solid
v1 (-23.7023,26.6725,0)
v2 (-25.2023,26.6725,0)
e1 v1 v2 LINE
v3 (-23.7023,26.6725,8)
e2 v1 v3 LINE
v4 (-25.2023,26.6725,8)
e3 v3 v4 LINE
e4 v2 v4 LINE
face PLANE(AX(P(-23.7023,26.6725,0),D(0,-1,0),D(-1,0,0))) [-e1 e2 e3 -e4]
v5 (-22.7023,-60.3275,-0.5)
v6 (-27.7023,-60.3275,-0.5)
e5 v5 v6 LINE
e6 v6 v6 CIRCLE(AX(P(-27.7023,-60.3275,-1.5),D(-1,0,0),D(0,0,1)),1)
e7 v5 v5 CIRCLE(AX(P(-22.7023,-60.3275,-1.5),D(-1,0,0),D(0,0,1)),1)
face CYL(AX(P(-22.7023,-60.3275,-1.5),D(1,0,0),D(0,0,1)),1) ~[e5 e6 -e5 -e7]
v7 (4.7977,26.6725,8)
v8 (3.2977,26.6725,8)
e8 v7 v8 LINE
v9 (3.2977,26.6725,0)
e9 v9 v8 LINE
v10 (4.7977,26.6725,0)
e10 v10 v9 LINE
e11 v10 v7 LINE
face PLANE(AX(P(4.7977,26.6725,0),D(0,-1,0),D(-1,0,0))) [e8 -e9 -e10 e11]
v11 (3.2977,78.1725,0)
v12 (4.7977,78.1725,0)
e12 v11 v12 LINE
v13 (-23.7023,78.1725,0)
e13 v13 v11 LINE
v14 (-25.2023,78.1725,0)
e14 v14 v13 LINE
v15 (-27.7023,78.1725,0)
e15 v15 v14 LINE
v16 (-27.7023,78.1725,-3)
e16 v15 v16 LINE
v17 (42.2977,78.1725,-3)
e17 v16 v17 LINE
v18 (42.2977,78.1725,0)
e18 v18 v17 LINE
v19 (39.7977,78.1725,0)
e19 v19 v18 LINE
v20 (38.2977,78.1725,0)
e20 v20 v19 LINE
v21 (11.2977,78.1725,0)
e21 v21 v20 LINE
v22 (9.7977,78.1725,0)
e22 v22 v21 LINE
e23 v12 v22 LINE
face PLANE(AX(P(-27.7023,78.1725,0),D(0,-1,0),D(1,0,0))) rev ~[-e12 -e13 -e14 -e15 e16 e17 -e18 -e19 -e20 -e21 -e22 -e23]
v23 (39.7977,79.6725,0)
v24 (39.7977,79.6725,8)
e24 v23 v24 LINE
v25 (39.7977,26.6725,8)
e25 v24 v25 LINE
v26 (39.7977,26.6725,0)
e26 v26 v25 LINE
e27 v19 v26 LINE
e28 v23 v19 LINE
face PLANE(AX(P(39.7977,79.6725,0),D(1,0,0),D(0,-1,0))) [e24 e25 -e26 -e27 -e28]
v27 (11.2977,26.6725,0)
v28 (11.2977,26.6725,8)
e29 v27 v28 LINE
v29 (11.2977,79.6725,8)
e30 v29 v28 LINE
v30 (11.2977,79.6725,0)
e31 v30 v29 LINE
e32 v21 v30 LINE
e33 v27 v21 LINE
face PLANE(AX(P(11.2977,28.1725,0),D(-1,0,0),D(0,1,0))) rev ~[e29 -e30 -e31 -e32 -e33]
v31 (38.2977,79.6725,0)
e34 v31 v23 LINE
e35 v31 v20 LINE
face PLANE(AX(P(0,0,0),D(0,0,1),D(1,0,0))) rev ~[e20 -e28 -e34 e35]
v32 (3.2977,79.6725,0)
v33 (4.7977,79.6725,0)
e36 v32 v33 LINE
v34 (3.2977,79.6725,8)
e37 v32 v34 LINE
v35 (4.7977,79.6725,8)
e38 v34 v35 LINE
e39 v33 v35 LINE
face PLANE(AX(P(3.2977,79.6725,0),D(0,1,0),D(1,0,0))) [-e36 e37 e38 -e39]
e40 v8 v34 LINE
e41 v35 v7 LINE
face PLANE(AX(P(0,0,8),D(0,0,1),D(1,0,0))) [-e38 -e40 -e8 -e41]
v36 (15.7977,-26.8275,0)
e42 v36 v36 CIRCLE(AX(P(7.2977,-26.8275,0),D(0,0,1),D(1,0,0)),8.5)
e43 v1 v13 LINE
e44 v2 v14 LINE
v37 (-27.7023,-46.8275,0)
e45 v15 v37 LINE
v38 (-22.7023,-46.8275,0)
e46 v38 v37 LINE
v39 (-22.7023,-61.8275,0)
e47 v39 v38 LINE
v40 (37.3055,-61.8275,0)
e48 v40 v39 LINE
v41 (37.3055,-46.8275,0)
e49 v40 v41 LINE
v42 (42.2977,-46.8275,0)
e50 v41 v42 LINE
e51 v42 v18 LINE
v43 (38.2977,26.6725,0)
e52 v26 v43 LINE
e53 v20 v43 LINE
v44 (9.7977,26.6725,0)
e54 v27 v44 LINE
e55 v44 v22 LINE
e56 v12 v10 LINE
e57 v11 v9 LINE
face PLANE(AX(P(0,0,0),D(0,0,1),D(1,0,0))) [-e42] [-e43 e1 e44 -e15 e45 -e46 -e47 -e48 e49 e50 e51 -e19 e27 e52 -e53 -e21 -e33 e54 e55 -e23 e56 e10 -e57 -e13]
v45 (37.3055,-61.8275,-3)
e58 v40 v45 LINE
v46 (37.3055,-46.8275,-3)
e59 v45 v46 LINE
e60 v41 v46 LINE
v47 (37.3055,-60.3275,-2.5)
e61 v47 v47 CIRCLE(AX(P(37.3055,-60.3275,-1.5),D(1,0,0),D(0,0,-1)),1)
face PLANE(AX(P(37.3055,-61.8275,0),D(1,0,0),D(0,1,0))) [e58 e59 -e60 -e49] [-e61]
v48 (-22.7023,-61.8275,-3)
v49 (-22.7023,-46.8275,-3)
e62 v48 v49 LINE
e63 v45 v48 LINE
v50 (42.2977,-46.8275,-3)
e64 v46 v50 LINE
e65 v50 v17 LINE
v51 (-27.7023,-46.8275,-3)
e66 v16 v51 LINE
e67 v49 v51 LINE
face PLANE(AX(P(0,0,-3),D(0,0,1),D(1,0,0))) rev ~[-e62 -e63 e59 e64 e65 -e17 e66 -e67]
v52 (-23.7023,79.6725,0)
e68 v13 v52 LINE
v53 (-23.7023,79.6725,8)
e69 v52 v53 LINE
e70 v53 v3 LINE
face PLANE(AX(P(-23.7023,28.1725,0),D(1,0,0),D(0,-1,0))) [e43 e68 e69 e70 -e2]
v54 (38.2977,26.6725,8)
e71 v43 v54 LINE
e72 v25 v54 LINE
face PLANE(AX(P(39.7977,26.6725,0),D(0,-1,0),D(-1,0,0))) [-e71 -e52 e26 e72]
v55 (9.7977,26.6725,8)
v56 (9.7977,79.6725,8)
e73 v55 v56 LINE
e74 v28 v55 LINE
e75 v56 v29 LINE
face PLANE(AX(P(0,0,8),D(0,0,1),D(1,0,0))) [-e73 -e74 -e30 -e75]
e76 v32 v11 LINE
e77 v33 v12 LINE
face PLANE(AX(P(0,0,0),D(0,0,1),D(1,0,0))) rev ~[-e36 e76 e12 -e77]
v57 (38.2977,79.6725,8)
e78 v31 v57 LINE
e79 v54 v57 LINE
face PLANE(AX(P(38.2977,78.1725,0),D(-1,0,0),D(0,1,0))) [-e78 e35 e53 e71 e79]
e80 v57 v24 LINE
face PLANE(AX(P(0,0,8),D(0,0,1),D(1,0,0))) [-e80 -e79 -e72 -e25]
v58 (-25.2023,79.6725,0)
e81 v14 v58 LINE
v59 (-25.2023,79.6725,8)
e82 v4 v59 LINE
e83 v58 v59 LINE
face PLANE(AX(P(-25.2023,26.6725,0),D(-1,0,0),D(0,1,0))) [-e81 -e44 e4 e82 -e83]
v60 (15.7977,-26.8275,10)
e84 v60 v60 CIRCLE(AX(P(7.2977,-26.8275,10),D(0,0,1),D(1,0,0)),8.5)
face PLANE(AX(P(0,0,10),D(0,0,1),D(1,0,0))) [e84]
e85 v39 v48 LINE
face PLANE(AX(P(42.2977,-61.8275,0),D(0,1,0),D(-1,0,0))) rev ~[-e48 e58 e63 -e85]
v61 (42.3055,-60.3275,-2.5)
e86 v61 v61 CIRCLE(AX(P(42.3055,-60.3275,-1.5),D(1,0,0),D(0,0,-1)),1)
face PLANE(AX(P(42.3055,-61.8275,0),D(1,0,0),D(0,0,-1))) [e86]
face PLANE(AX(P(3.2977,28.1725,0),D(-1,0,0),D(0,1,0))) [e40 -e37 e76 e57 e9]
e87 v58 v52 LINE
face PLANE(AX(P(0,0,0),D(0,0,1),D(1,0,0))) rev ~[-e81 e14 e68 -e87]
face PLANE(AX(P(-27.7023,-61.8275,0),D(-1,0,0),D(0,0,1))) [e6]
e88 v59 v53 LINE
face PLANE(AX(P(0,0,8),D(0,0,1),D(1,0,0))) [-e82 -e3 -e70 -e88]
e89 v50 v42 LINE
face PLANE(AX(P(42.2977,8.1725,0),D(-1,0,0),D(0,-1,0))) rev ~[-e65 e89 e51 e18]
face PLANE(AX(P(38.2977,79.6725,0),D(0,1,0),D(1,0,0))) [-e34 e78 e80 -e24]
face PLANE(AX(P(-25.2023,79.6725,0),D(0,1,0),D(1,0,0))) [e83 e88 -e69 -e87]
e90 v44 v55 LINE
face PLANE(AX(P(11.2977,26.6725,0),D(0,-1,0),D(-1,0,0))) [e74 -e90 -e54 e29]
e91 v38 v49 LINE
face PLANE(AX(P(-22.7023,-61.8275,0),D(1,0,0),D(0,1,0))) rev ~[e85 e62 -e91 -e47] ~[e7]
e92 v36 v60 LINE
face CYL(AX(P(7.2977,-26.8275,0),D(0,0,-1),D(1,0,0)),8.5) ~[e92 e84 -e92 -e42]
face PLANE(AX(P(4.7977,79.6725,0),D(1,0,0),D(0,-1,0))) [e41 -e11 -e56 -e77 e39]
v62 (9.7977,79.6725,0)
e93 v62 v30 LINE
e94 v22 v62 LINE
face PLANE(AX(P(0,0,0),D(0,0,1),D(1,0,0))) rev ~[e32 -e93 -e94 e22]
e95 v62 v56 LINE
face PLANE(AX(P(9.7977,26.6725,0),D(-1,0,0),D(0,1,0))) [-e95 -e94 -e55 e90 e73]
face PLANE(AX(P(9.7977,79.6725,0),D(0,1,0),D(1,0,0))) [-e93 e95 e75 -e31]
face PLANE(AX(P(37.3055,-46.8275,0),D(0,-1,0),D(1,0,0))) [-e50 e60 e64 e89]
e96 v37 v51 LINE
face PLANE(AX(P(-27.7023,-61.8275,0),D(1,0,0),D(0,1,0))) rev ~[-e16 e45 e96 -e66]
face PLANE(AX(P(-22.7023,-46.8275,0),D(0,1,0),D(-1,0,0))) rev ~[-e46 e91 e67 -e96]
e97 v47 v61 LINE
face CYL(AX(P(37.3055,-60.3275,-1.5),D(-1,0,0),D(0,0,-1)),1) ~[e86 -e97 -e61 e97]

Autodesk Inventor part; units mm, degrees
ref_plane "YZ Plane" through (0, 0, 0) normal (1, 0, 0) x (0, 1, 0)
ref_plane "XZ Plane" through (0, 0, 0) normal (0, 1, 0) x (-1, 0, 0)
ref_plane "XY Plane" through (0, 0, 0) normal (0, 0, 1) x (1, 0, 0)
sketch "Sketch1" plane through (0, 0, 0) normal (0, 0, 1) x (1, 0, 0)
  arc A0 (-17.7023, -49.8275) -> (-15.7023, -51.8275) centre (-15.7023, -49.8275) ccw projected
  line L0 (-15.7023, -51.8275) -> (30.2977, -51.8275) projected
  arc A1 (30.2977, -51.8275) -> (32.2977, -49.8275) centre (30.2977, -49.8275) ccw projected
  line L1 (32.2977, -49.8275) -> (32.2977, -3.8275) projected
  arc A2 (32.2977, -3.8275) -> (30.2977, -1.8275) centre (30.2977, -3.8275) ccw projected
  line L2 (30.2977, -1.8275) -> (-15.7023, -1.8275) projected
  arc A3 (-15.7023, -1.8275) -> (-17.7023, -3.8275) centre (-15.7023, -3.8275) ccw projected
  line L3 (-17.7023, -3.8275) -> (-17.7023, -49.8275) projected
  circle A4 centre (-15.7023, -3.8275) radius 1.5 projected
  circle A5 centre (-10.7525, -8.7773) radius 1.5 projected
  circle A6 centre (-10.7525, -44.8778) radius 1.5 projected
  circle A7 centre (-15.7023, -49.8275) radius 1.5 projected
  circle A8 centre (25.348, -44.8778) radius 1.5 projected
  circle A9 centre (30.2977, -49.8275) radius 1.5 projected
  circle A10 centre (25.348, -8.7773) radius 1.5 projected
  circle A11 centre (30.2977, -3.8275) radius 1.5 projected
  circle A12 centre (7.2977, -26.8275) radius 8.5 projected
  line L4 (-27.7023, 8.1725) -> (42.2977, 8.1725)
  line L5 (42.2977, 8.1725) -> (42.2977, -61.8275)
  line L6 (42.2977, -61.8275) -> (-27.7023, -61.8275)
  line L7 (-27.7023, -61.8275) -> (-27.7023, 8.1725)
  line L8 (-27.7023, 8.1725) -> (42.2977, -61.8275) construction
  line L9 (42.2977, 8.1725) -> (-27.7023, -61.8275) construction
  line L10 (42.2977, 8.1725) -> (-27.7023, 8.1725)
  line L11 (-27.7023, 8.1725) -> (-27.7023, 78.1725)
  line L12 (-27.7023, 78.1725) -> (42.2977, 78.1725)
  line L13 (42.2977, 78.1725) -> (42.2977, 8.1725)
  line L14 (11.2977, 68.1725) -> (38.2977, 68.1725)
  line L15 (38.2977, 68.1725) -> (38.2977, 18.1725)
  line L16 (38.2977, 18.1725) -> (11.2977, 18.1725)
  line L17 (11.2977, 18.1725) -> (11.2977, 68.1725)
  line L18 (11.2977, 68.1725) -> (38.2977, 18.1725) construction
  line L19 (38.2977, 68.1725) -> (11.2977, 18.1725) construction
  line L20 (-23.7023, 18.1725) -> (3.2977, 18.1725)
  line L21 (3.2977, 18.1725) -> (3.2977, 68.1725)
  line L22 (3.2977, 68.1725) -> (-23.7023, 68.1725)
  line L23 (-23.7023, 68.1725) -> (-23.7023, 18.1725)
  line L24 (-23.7023, 18.1725) -> (3.2977, 68.1725) construction
  line L25 (3.2977, 18.1725) -> (-23.7023, 68.1725) construction
  line L26 (4.7977, 69.6725) -> (4.7977, 16.6725)
  line L27 (-25.2023, 16.6725) -> (-25.2023, 69.6725)
  line L28 (-25.2023, 69.6725) -> (4.7977, 16.6725) construction
  line L29 (4.7977, 69.6725) -> (-25.2023, 16.6725) construction
  line L30 (39.7977, 69.6725) -> (39.7977, 16.6725)
  line L31 (9.7977, 16.6725) -> (9.7977, 69.6725)
  line L32 (9.7977, 69.6725) -> (39.7977, 16.6725) construction
  line L33 (39.7977, 69.6725) -> (9.7977, 16.6725) construction
  line L34 (38.2977, 68.1725) -> (38.2977, 69.6725)
  line L35 (11.2977, 68.1725) -> (11.2977, 69.6725)
  line L36 (11.2977, 18.1725) -> (11.2977, 16.6725)
  line L37 (38.2977, 18.1725) -> (38.2977, 16.6725)
  line L38 (3.2977, 69.6725) -> (3.2977, 68.1725)
  line L39 (3.2977, 18.1725) -> (3.2977, 16.6725)
  line L40 (-23.7023, 68.1725) -> (-23.7023, 69.6725)
  line L41 (-23.7023, 18.1725) -> (-23.7023, 16.6725)
  line L42 (-25.2023, 69.6725) -> (-23.7023, 69.6725)
  line L43 (3.2977, 69.6725) -> (4.7977, 69.6725)
  line L44 (4.7977, 16.6725) -> (3.2977, 16.6725)
  line L45 (-23.7023, 16.6725) -> (-25.2023, 16.6725)
  line L46 (39.7977, 16.6725) -> (38.2977, 16.6725)
  line L47 (11.2977, 16.6725) -> (9.7977, 16.6725)
  line L48 (9.7977, 69.6725) -> (11.2977, 69.6725)
  line L49 (38.2977, 69.6725) -> (39.7977, 69.6725)
  point P0 (0, 0)
  point P1 (24.7977, 43.1725)
  point P2 (-10.2023, 43.1725)
  dimension "d0" = 70
  dimension "d1" = 70
  dimension "d2" = 70
  dimension "d3" = 27
  dimension "d4" = 50
  dimension "d5" = 27
  dimension "d6" = 30
  dimension "d7" = 53
  dimension "d8" = 30
  dimension "d9" = 53
sketch "Sketch2" plane through (0, 0, 0) normal (0, 0, 1) x (1, 0, 0)
  arc A0 (-17.7023, -49.8275) -> (-15.7023, -51.8275) centre (-15.7023, -49.8275) ccw
  line L0 (-15.7023, -51.8275) -> (30.2977, -51.8275)
  arc A1 (30.2977, -51.8275) -> (32.2977, -49.8275) centre (30.2977, -49.8275) ccw
  line L1 (32.2977, -49.8275) -> (32.2977, -3.8275)
  arc A2 (32.2977, -3.8275) -> (30.2977, -1.8275) centre (30.2977, -3.8275) ccw
  line L2 (30.2977, -1.8275) -> (-15.7023, -1.8275)
  arc A3 (-15.7023, -1.8275) -> (-17.7023, -3.8275) centre (-15.7023, -3.8275) ccw
  line L3 (-17.7023, -3.8275) -> (-17.7023, -49.8275)
  circle A4 centre (-15.7023, -3.8275) radius 1.5
  circle A5 centre (-10.7525, -8.7773) radius 1.5
  circle A6 centre (-10.7525, -44.8778) radius 1.5
  circle A7 centre (-15.7023, -49.8275) radius 1.5
  circle A8 centre (25.348, -44.8778) radius 1.5
  circle A9 centre (30.2977, -49.8275) radius 1.5
  circle A10 centre (25.348, -8.7773) radius 1.5
  circle A11 centre (30.2977, -3.8275) radius 1.5
  circle A12 centre (7.2977, -26.8275) radius 8.5
  line L4 (-27.7023, 18.1725) -> (42.2977, 18.1725)
  line L5 (42.2977, 18.1725) -> (42.2977, -61.8275)
  line L6 (42.2977, -61.8275) -> (-27.7023, -61.8275)
  line L7 (-27.7023, -61.8275) -> (-27.7023, 18.1725)
  line L8 (42.2977, 18.1725) -> (-27.7023, 18.1725)
  line L9 (-27.7023, 18.1725) -> (-27.7023, 88.1725)
  line L10 (-27.7023, 88.1725) -> (42.2977, 88.1725)
  line L11 (42.2977, 88.1725) -> (42.2977, 18.1725)
  line L12 (11.2977, 78.1725) -> (38.2977, 78.1725)
  line L13 (38.2977, 78.1725) -> (38.2977, 28.1725)
  line L14 (38.2977, 28.1725) -> (11.2977, 28.1725)
  line L15 (11.2977, 28.1725) -> (11.2977, 78.1725)
  line L16 (11.2977, 78.1725) -> (38.2977, 28.1725) construction
  line L17 (38.2977, 78.1725) -> (11.2977, 28.1725) construction
  line L18 (-23.7023, 28.1725) -> (3.2977, 28.1725)
  line L19 (3.2977, 28.1725) -> (3.2977, 78.1725)
  line L20 (3.2977, 78.1725) -> (-23.7023, 78.1725)
  line L21 (-23.7023, 78.1725) -> (-23.7023, 28.1725)
  line L22 (-23.7023, 28.1725) -> (3.2977, 78.1725) construction
  line L23 (3.2977, 28.1725) -> (-23.7023, 78.1725) construction
  line L24 (4.7977, 79.6725) -> (4.7977, 26.6725)
  line L25 (-25.2023, 26.6725) -> (-25.2023, 79.6725)
  line L26 (-25.2023, 79.6725) -> (4.7977, 26.6725) construction
  line L27 (4.7977, 79.6725) -> (-25.2023, 26.6725) construction
  line L28 (39.7977, 79.6725) -> (39.7977, 26.6725)
  line L29 (9.7977, 26.6725) -> (9.7977, 79.6725)
  line L30 (9.7977, 79.6725) -> (39.7977, 26.6725) construction
  line L31 (39.7977, 79.6725) -> (9.7977, 26.6725) construction
  line L32 (38.2977, 78.1725) -> (38.2977, 79.6725)
  line L33 (11.2977, 78.1725) -> (11.2977, 79.6725)
  line L34 (11.2977, 28.1725) -> (11.2977, 26.6725)
  line L35 (38.2977, 28.1725) -> (38.2977, 26.6725)
  line L36 (3.2977, 79.6725) -> (3.2977, 78.1725)
  line L37 (3.2977, 28.1725) -> (3.2977, 26.6725)
  line L38 (-23.7023, 78.1725) -> (-23.7023, 79.6725)
  line L39 (-23.7023, 28.1725) -> (-23.7023, 26.6725)
  line L40 (-25.2023, 79.6725) -> (-23.7023, 79.6725)
  line L41 (3.2977, 79.6725) -> (4.7977, 79.6725)
  line L42 (4.7977, 26.6725) -> (3.2977, 26.6725)
  line L43 (-23.7023, 26.6725) -> (-25.2023, 26.6725)
  line L44 (39.7977, 26.6725) -> (38.2977, 26.6725)
  line L45 (11.2977, 26.6725) -> (9.7977, 26.6725)
  line L46 (9.7977, 79.6725) -> (11.2977, 79.6725)
  line L47 (38.2977, 79.6725) -> (39.7977, 79.6725)
  point P0 (0, 0)
  point P1 (0, 0)
  point P2 (24.7977, 53.1725)
  point P3 (-10.2023, 53.1725)
  dimension "d10" = 70
  dimension "d11" = 80
  dimension "d13" = 27
  dimension "d14" = 50
  dimension "d15" = 27
  dimension "d16" = 30
  dimension "d17" = 53
  dimension "d18" = 30
  dimension "d19" = 53
  dimension "d52" = 10
  dimension "d53" = 10
  dimension "d55" = 10
extrude "Extrusion1" add sketch "Sketch1" against normal blind 3 contours L3 A3 L2 A2 L1 A1 L0 A0 | A4 | A5 | A6 | A7 | A8 | A9 | A10 | A11 | A12 | L11 L12 L13 L4 | L4 L5 L6 L7 | L14 L15 L16 L17 | L17 L36 L47 L31 L48 L35 | L34 L49 L30 L46 L37 L15 | L23 L22 L21 L20 | L41 L45 L27 L42 L40 L23 | L21 L38 L43 L26 L44 L39
extrude "Extrusion2" add sketch "Sketch2" along normal blind 8 contours L15 L34 L45 L29 L46 L33 | L32 L47 L28 L44 L35 L13 | L39 L43 L25 L40 L38 L21 | L19 L36 L41 L24 L42 L37
sketch "Sketch3" plane through (0, 0, 0) normal (0, 0, 1) x (1, 0, 0)
  arc A0 (-17.7023, -49.8275) -> (-15.7023, -51.8275) centre (-15.7023, -49.8275) ccw
  line L0 (-15.7023, -51.8275) -> (30.2977, -51.8275)
  arc A1 (30.2977, -51.8275) -> (32.2977, -49.8275) centre (30.2977, -49.8275) ccw
  line L1 (32.2977, -49.8275) -> (32.2977, -3.8275)
  arc A2 (32.2977, -3.8275) -> (30.2977, -1.8275) centre (30.2977, -3.8275) ccw
  line L2 (30.2977, -1.8275) -> (-15.7023, -1.8275)
  arc A3 (-15.7023, -1.8275) -> (-17.7023, -3.8275) centre (-15.7023, -3.8275) ccw
  line L3 (-17.7023, -3.8275) -> (-17.7023, -49.8275)
  circle A4 centre (-15.7023, -3.8275) radius 1.5
  circle A5 centre (-10.7525, -8.7773) radius 1.5
  circle A6 centre (-10.7525, -44.8778) radius 1.5
  circle A7 centre (-15.7023, -49.8275) radius 1.5
  circle A8 centre (25.348, -44.8778) radius 1.5
  circle A9 centre (30.2977, -49.8275) radius 1.5
  circle A10 centre (25.348, -8.7773) radius 1.5
  circle A11 centre (30.2977, -3.8275) radius 1.5
  circle A12 centre (7.2977, -26.8275) radius 8.5
  line L4 (-27.7023, 8.1725) -> (42.2977, 8.1725)
  line L5 (42.2977, 8.1725) -> (42.2977, -61.8275)
  line L6 (42.2977, -61.8275) -> (-27.7023, -61.8275)
  line L7 (-27.7023, -61.8275) -> (-27.7023, 8.1725)
  line L8 (-27.7023, 8.1725) -> (42.2977, -61.8275) construction
  line L9 (42.2977, 8.1725) -> (-27.7023, -61.8275) construction
  line L10 (42.2977, 8.1725) -> (-27.7023, 8.1725)
  line L11 (-27.7023, 8.1725) -> (-27.7023, 78.1725)
  line L12 (-27.7023, 78.1725) -> (42.2977, 78.1725)
  line L13 (42.2977, 78.1725) -> (42.2977, 8.1725)
  line L14 (11.2977, 68.1725) -> (38.2977, 68.1725)
  line L15 (38.2977, 68.1725) -> (38.2977, 18.1725)
  line L16 (38.2977, 18.1725) -> (11.2977, 18.1725)
  line L17 (11.2977, 18.1725) -> (11.2977, 68.1725)
  line L18 (11.2977, 68.1725) -> (38.2977, 18.1725) construction
  line L19 (38.2977, 68.1725) -> (11.2977, 18.1725) construction
  line L20 (-23.7023, 18.1725) -> (3.2977, 18.1725)
  line L21 (3.2977, 18.1725) -> (3.2977, 68.1725)
  line L22 (3.2977, 68.1725) -> (-23.7023, 68.1725)
  line L23 (-23.7023, 68.1725) -> (-23.7023, 18.1725)
  line L24 (-23.7023, 18.1725) -> (3.2977, 68.1725) construction
  line L25 (3.2977, 18.1725) -> (-23.7023, 68.1725) construction
  line L26 (4.7977, 69.6725) -> (4.7977, 16.6725)
  line L27 (-25.2023, 16.6725) -> (-25.2023, 69.6725)
  line L28 (-25.2023, 69.6725) -> (4.7977, 16.6725) construction
  line L29 (4.7977, 69.6725) -> (-25.2023, 16.6725) construction
  line L30 (39.7977, 69.6725) -> (39.7977, 16.6725)
  line L31 (9.7977, 16.6725) -> (9.7977, 69.6725)
  line L32 (9.7977, 69.6725) -> (39.7977, 16.6725) construction
  line L33 (39.7977, 69.6725) -> (9.7977, 16.6725) construction
  line L34 (38.2977, 68.1725) -> (38.2977, 69.6725)
  line L35 (11.2977, 68.1725) -> (11.2977, 69.6725)
  line L36 (11.2977, 18.1725) -> (11.2977, 16.6725)
  line L37 (38.2977, 18.1725) -> (38.2977, 16.6725)
  line L38 (3.2977, 69.6725) -> (3.2977, 68.1725)
  line L39 (3.2977, 18.1725) -> (3.2977, 16.6725)
  line L40 (-23.7023, 68.1725) -> (-23.7023, 69.6725)
  line L41 (-23.7023, 18.1725) -> (-23.7023, 16.6725)
  line L42 (-25.2023, 69.6725) -> (-23.7023, 69.6725)
  line L43 (3.2977, 69.6725) -> (4.7977, 69.6725)
  line L44 (4.7977, 16.6725) -> (3.2977, 16.6725)
  line L45 (-23.7023, 16.6725) -> (-25.2023, 16.6725)
  line L46 (39.7977, 16.6725) -> (38.2977, 16.6725)
  line L47 (11.2977, 16.6725) -> (9.7977, 16.6725)
  line L48 (9.7977, 69.6725) -> (11.2977, 69.6725)
  line L49 (38.2977, 69.6725) -> (39.7977, 69.6725)
  point P0 (0, 0)
  point P1 (0, 0)
  point P2 (0, 0)
  point P3 (24.7977, 43.1725)
  point P4 (-10.2023, 43.1725)
  dimension "d24" = 70
  dimension "d25" = 70
  dimension "d26" = 70
  dimension "d27" = 27
  dimension "d28" = 50
  dimension "d29" = 27
  dimension "d30" = 30
  dimension "d31" = 53
  dimension "d32" = 30
  dimension "d33" = 53
extrude "Extrusion3" add sketch "Sketch3" along normal blind 10 contours A12
sketch "Sketch4" plane through (0, 0, 0) normal (0, 0, 1) x (1, 0, 0)
  line L0 (-27.7023, 78.1725) -> (-27.7023, -61.8275) projected
  line L1 (-27.7023, -61.8275) -> (-22.7023, -61.8275)
  line L2 (-22.7023, -61.8275) -> (-22.7023, -46.8275)
  line L3 (-22.7023, -46.8275) -> (-27.7023, -46.8275)
  line L4 (-27.7023, -46.8275) -> (-27.7023, -61.8275)
  line L5 (42.3055, -61.8275) -> (37.3055, -61.8275)
  line L6 (37.3055, -61.8275) -> (37.3055, -46.8275)
  line L7 (37.3055, -46.8275) -> (42.3055, -46.8275)
  line L8 (42.3055, -46.8275) -> (42.3055, -61.8275)
  point P0 (0, 0)
  dimension "d36" = 5
  dimension "d37" = 15
  dimension "d38" = 5
  dimension "d39" = 15
extrude "Extrusion4" cut sketch "Sketch4" against normal blind 3
sketch "Sketch5" plane through (-22.7023, -61.8275, 0) normal (-1, 0, 0) x (0, 0, 1)
  circle A0 centre (-1.5, 1.5) radius 1
  point P0 (0, 61.8275)
  point P1 (0, 0)
  dimension "d43" = 2
extrude "Extrusion5" add sketch "Sketch5" along normal up to surface (5 mm away)
sketch "Sketch6" plane through (37.3055, -61.8275, 0) normal (1, 0, 0) x (0, 0, -1)
  circle A0 centre (1.5, 1.5) radius 1
  point P0 (0, 61.8275)
  dimension "d46" = 2
extrude "Extrusion6" add sketch "Sketch6" along normal blind 5
properties part number "base_1"
